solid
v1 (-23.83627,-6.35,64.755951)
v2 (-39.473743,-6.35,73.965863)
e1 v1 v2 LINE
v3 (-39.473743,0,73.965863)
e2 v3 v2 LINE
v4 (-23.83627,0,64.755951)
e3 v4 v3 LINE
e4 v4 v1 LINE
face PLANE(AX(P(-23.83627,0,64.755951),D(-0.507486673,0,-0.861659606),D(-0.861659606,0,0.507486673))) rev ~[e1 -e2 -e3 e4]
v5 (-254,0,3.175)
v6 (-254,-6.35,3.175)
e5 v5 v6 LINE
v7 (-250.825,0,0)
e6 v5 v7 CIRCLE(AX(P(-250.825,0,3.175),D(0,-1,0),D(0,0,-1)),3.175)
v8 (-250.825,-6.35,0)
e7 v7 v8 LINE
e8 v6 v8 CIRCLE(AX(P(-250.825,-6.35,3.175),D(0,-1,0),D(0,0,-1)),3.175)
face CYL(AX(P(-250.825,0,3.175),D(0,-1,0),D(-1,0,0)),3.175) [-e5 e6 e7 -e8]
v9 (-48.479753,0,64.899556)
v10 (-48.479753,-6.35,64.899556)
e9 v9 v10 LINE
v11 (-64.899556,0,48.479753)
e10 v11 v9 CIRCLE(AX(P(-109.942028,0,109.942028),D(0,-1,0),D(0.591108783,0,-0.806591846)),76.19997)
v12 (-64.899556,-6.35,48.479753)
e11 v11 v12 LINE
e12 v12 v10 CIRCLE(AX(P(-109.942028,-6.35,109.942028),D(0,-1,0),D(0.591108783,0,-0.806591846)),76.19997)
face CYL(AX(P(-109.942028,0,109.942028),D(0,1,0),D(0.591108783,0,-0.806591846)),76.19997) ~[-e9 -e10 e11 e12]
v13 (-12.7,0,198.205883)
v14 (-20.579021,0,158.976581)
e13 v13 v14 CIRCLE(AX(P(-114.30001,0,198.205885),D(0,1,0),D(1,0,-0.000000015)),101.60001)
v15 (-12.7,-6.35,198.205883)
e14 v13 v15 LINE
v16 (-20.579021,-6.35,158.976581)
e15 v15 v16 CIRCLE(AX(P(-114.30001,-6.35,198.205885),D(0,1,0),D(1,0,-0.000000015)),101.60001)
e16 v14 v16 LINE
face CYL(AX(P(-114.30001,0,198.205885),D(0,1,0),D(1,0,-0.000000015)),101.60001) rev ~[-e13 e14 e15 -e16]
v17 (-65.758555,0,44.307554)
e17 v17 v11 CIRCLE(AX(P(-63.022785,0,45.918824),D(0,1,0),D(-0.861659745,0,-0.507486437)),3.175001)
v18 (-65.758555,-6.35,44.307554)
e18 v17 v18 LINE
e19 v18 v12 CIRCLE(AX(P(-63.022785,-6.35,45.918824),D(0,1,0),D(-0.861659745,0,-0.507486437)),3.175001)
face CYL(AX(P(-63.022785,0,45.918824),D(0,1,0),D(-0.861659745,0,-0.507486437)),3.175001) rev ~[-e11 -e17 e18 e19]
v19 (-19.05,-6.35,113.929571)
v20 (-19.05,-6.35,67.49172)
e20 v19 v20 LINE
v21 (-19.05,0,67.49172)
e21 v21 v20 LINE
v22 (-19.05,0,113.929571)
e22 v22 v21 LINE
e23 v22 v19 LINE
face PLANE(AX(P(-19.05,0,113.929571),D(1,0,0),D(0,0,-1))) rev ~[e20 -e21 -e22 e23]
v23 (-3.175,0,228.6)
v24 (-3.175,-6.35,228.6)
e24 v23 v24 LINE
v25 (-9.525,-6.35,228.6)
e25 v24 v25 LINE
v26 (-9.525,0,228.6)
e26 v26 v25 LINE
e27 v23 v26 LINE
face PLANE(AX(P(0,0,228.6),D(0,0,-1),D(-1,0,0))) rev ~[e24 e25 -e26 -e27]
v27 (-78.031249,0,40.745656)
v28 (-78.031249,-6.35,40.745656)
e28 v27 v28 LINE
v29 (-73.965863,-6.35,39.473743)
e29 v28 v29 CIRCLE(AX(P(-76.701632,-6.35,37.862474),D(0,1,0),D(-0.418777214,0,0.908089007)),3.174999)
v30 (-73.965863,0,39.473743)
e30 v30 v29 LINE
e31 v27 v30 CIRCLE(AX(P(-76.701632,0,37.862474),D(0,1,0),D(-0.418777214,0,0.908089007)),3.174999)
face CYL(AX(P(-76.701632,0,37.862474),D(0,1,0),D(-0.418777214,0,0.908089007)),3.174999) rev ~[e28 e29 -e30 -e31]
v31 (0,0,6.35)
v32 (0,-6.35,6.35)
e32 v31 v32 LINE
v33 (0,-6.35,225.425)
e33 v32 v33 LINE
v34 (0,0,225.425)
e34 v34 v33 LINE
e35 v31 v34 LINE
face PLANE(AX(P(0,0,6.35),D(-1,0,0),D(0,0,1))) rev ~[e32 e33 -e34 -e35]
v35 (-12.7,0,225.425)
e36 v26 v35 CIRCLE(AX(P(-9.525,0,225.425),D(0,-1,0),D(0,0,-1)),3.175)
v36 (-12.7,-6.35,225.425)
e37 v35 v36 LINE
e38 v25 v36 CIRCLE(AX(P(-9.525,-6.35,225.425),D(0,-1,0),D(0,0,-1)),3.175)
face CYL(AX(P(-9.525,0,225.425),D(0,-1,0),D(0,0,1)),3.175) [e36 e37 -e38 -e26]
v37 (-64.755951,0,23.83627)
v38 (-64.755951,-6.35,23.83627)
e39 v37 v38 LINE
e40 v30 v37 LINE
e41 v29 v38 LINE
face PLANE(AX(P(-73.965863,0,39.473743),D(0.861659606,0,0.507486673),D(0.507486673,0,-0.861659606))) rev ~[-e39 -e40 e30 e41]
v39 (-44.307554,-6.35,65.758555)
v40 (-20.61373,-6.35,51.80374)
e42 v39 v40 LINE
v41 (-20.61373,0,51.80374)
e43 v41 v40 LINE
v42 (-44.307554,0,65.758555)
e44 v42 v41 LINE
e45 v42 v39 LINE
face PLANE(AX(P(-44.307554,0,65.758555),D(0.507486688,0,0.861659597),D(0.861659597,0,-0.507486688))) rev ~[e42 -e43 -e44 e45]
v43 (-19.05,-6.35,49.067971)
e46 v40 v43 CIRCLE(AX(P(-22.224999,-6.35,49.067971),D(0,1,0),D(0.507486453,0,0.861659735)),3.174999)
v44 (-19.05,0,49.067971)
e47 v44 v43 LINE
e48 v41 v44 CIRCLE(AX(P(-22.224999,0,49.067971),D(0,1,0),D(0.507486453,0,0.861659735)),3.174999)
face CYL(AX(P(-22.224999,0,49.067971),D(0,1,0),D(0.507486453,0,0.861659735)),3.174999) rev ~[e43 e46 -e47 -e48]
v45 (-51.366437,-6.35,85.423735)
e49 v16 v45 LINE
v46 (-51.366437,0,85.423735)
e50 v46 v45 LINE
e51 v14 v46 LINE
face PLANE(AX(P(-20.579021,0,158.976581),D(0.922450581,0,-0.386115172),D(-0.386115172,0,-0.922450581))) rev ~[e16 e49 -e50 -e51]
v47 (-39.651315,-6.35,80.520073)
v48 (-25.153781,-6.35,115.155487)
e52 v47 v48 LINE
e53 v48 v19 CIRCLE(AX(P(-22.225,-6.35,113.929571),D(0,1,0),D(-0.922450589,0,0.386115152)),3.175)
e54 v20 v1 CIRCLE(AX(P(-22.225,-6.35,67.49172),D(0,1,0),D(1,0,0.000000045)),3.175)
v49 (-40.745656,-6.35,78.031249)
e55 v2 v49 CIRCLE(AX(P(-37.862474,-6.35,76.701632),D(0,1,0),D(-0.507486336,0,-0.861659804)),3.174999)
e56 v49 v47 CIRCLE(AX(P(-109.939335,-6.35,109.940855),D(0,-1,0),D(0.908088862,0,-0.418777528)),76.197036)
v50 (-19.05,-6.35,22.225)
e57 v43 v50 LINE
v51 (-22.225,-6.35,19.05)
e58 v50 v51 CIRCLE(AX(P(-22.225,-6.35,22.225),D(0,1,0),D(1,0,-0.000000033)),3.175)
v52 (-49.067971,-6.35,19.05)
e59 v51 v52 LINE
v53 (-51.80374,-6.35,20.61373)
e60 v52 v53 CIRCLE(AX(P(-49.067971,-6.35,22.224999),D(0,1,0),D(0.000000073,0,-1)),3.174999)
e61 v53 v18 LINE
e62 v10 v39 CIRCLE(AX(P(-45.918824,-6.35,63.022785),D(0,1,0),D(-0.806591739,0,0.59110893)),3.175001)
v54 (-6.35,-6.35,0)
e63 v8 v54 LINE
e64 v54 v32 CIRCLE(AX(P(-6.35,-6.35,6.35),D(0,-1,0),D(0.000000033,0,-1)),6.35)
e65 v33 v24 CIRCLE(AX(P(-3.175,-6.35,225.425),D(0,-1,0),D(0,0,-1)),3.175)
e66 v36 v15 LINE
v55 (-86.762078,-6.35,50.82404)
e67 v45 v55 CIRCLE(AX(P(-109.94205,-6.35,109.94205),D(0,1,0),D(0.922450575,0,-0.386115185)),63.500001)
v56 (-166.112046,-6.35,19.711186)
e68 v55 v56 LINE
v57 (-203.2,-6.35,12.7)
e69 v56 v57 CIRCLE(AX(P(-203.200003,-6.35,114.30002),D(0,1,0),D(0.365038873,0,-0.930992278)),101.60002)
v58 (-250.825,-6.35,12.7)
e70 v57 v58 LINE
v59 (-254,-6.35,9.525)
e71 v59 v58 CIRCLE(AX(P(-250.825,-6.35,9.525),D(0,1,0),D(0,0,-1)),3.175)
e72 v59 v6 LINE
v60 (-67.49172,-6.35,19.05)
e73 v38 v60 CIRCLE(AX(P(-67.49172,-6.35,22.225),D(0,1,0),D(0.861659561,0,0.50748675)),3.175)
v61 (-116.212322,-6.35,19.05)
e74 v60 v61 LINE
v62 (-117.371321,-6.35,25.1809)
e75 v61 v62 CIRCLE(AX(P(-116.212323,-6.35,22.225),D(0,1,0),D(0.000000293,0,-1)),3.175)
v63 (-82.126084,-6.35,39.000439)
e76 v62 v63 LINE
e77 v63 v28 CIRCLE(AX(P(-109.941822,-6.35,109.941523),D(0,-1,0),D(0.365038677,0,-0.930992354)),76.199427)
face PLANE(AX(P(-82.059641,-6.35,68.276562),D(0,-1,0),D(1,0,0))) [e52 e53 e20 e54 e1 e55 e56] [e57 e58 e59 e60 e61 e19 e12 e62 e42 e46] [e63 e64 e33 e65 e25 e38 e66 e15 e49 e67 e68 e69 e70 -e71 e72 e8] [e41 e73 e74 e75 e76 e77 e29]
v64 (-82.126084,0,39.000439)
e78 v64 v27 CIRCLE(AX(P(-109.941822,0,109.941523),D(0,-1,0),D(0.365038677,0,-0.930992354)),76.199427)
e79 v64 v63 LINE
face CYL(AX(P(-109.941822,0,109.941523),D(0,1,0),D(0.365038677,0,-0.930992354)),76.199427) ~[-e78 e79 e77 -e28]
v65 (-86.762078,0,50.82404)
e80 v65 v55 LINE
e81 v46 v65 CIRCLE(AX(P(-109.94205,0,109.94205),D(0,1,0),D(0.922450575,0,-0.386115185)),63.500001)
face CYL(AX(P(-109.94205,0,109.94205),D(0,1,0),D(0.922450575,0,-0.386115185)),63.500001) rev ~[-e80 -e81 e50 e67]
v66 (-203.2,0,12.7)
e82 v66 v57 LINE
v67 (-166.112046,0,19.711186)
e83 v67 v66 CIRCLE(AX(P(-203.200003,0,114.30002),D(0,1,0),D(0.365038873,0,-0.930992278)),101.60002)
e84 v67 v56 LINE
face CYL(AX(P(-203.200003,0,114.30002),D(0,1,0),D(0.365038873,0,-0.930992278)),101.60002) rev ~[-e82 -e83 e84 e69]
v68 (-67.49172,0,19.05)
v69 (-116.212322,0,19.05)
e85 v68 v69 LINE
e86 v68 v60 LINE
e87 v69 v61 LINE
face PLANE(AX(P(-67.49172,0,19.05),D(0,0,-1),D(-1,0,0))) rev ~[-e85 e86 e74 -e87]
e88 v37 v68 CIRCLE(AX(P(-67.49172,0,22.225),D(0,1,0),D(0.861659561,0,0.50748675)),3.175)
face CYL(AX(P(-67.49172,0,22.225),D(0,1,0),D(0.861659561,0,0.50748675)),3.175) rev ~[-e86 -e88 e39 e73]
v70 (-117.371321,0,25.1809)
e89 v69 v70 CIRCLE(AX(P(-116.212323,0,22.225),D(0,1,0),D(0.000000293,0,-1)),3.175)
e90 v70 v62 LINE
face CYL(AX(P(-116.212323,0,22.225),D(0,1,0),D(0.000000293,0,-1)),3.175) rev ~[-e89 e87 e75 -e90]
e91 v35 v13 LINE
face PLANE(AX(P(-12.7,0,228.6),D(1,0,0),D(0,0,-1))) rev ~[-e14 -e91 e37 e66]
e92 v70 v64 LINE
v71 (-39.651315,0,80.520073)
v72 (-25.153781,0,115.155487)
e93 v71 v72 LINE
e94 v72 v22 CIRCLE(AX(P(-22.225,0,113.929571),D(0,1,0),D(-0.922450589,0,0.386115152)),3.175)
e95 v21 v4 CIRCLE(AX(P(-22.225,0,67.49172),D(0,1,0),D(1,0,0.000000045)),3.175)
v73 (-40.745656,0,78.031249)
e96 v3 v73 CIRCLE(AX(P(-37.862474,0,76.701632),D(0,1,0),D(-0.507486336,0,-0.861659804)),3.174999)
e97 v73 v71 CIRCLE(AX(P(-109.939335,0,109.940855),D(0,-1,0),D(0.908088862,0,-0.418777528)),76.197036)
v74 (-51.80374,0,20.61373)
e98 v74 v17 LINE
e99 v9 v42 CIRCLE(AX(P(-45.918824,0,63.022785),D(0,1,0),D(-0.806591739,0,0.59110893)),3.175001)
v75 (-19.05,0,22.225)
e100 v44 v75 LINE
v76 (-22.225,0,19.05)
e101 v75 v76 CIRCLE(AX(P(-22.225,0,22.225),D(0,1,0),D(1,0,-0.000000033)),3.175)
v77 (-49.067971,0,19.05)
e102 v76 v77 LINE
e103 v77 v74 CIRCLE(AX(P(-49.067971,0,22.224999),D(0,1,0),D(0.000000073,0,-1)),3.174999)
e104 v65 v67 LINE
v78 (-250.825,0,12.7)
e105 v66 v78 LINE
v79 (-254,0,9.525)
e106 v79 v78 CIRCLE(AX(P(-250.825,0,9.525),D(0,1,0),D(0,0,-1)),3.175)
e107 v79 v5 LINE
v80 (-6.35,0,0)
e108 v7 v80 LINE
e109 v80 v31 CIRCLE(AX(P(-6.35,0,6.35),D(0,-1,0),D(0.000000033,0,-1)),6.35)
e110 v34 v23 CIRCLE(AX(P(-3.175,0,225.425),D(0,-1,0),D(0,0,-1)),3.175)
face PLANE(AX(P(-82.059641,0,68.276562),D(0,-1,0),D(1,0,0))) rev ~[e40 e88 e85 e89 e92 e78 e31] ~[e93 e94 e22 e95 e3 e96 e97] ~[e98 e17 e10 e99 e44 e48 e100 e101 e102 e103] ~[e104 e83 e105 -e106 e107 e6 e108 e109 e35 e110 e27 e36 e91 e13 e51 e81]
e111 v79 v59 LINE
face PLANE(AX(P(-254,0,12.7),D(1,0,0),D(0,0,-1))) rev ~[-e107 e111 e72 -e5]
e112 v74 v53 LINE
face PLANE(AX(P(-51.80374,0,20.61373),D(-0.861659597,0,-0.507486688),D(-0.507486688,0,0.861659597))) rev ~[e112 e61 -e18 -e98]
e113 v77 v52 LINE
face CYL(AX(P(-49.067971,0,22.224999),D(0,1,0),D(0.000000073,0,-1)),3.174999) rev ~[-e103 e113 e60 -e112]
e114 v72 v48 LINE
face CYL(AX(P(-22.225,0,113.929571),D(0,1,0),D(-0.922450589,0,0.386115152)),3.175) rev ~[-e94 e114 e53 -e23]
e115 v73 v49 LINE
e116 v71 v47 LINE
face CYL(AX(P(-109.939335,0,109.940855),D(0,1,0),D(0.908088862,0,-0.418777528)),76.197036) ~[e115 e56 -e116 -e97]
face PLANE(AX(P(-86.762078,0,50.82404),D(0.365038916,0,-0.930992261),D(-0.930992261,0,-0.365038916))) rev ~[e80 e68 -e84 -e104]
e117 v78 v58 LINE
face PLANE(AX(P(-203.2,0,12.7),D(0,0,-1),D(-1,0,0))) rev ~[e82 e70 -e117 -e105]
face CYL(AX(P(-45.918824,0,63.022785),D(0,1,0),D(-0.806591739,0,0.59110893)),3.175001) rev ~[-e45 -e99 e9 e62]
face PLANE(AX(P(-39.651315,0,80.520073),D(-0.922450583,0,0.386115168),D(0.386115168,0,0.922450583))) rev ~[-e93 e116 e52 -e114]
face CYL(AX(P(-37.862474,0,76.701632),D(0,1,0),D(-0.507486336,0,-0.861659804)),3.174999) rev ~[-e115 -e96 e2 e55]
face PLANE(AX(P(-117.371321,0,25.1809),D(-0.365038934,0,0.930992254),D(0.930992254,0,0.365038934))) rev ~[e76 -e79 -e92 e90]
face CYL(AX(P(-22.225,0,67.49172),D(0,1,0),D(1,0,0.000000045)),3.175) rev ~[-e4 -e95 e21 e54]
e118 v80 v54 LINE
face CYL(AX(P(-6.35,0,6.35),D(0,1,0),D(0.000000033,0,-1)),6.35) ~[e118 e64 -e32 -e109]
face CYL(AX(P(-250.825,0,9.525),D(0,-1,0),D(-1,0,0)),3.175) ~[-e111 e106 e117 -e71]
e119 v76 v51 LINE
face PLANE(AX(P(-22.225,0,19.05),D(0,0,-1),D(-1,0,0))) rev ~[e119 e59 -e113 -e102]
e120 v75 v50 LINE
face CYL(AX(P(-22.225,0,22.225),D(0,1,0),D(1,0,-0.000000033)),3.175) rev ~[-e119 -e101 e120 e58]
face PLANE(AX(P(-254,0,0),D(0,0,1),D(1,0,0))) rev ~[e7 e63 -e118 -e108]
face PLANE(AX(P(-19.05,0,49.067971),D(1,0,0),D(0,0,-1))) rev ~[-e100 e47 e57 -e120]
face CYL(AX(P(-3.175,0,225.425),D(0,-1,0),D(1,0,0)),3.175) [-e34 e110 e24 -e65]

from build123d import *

# Parameters (mm, degrees)
F1_DEPTH = 6.35
F2_R     = 3.175


with BuildPart() as f1:
    # F0 (on Front) → F1 (new body)
    with BuildSketch(Plane.XZ):
        with BuildLine():
            Line((-254, 12.7), (-254, 0))
            Line((-254, 0), (-6.35, 0))
            ThreePointArc((-6.35, 0), (-1.859872, 1.859872), (0, 6.35))
            Line((0, 6.35), (0, 228.6))
            Line((0, 228.6), (-12.7, 228.6))
            Line((-12.7, 228.6), (-12.7, 198.205883))
            ThreePointArc((-12.7, 198.205883), (-14.689229, 178.199527), (-20.579021, 158.976581))
            Line((-20.579021, 158.976581), (-51.366437, 85.423735))
            ThreePointArc((-51.366437, 85.423735), (-65.554229, 64.533113), (-86.762078, 50.82404))
            Line((-86.762078, 50.82404), (-166.112046, 19.711186))
            ThreePointArc((-166.112046, 19.711186), (-184.327579, 14.468183), (-203.2, 12.7))
            Line((-203.2, 12.7), (-254, 12.7))
        make_face()
        with BuildLine():
            Line((-117.371321, 25.1809), (-82.126084, 39.000439))
            ThreePointArc((-82.126084, 39.000439), (-80.06592, 39.843141), (-78.031249, 40.745656))
            ThreePointArc((-78.031249, 40.745656), (-75.753604, 40.892633), (-73.965863, 39.473743))
            Line((-73.965863, 39.473743), (-64.755951, 23.83627))
            ThreePointArc((-64.755951, 23.83627), (-64.735236, 20.64943), (-67.49172, 19.05))
            Line((-67.49172, 19.05), (-116.212322, 19.05))
            ThreePointArc((-116.212322, 19.05), (-119.332067, 21.635237), (-117.371321, 25.1809))
        make_face(mode=Mode.SUBTRACT)
        with BuildLine():
            Line((-51.80374, 20.61373), (-65.758555, 44.307554))
            ThreePointArc((-65.758555, 44.307554), (-66.132559, 46.559084), (-64.899556, 48.479753))
            ThreePointArc((-64.899556, 48.479753), (-56.060512, 56.060512), (-48.479753, 64.899556))
            ThreePointArc((-48.479753, 64.899556), (-46.559084, 66.132559), (-44.307554, 65.758555))
            Line((-44.307554, 65.758555), (-20.61373, 51.80374))
            ThreePointArc((-20.61373, 51.80374), (-19.468516, 50.643541), (-19.05, 49.067971))
            Line((-19.05, 49.067971), (-19.05, 22.225))
            ThreePointArc((-19.05, 22.225), (-19.979936, 19.979936), (-22.225, 19.05))
            Line((-22.225, 19.05), (-49.067971, 19.05))
            ThreePointArc((-49.067971, 19.05), (-50.643541, 19.468516), (-51.80374, 20.61373))
        make_face(mode=Mode.SUBTRACT)
        with BuildLine():
            Line((-39.651315, 80.520073), (-25.153781, 115.155487))
            ThreePointArc((-25.153781, 115.155487), (-21.599801, 117.042408), (-19.05, 113.929571))
            Line((-19.05, 113.929571), (-19.05, 67.49172))
            ThreePointArc((-19.05, 67.49172), (-20.64943, 64.735236), (-23.83627, 64.755951))
            Line((-23.83627, 64.755951), (-39.473743, 73.965863))
            ThreePointArc((-39.473743, 73.965863), (-40.892633, 75.753604), (-40.745656, 78.031249))
            ThreePointArc((-40.745656, 78.031249), (-40.187384, 79.27078), (-39.651315, 80.520073))
        make_face(mode=Mode.SUBTRACT)
    extrude(amount=F1_DEPTH)

    # F2
    f2_edges = [f1.edges().sort_by_distance(p)[0] for p in [
        (-254, -3.175, 0),
        (-254, -3.175, 12.7),
        (0, -3.175, 228.6),
        (-12.7, -3.175, 228.6),
    ]]
    fillet(f2_edges, radius=F2_R)


solid = f1.part
